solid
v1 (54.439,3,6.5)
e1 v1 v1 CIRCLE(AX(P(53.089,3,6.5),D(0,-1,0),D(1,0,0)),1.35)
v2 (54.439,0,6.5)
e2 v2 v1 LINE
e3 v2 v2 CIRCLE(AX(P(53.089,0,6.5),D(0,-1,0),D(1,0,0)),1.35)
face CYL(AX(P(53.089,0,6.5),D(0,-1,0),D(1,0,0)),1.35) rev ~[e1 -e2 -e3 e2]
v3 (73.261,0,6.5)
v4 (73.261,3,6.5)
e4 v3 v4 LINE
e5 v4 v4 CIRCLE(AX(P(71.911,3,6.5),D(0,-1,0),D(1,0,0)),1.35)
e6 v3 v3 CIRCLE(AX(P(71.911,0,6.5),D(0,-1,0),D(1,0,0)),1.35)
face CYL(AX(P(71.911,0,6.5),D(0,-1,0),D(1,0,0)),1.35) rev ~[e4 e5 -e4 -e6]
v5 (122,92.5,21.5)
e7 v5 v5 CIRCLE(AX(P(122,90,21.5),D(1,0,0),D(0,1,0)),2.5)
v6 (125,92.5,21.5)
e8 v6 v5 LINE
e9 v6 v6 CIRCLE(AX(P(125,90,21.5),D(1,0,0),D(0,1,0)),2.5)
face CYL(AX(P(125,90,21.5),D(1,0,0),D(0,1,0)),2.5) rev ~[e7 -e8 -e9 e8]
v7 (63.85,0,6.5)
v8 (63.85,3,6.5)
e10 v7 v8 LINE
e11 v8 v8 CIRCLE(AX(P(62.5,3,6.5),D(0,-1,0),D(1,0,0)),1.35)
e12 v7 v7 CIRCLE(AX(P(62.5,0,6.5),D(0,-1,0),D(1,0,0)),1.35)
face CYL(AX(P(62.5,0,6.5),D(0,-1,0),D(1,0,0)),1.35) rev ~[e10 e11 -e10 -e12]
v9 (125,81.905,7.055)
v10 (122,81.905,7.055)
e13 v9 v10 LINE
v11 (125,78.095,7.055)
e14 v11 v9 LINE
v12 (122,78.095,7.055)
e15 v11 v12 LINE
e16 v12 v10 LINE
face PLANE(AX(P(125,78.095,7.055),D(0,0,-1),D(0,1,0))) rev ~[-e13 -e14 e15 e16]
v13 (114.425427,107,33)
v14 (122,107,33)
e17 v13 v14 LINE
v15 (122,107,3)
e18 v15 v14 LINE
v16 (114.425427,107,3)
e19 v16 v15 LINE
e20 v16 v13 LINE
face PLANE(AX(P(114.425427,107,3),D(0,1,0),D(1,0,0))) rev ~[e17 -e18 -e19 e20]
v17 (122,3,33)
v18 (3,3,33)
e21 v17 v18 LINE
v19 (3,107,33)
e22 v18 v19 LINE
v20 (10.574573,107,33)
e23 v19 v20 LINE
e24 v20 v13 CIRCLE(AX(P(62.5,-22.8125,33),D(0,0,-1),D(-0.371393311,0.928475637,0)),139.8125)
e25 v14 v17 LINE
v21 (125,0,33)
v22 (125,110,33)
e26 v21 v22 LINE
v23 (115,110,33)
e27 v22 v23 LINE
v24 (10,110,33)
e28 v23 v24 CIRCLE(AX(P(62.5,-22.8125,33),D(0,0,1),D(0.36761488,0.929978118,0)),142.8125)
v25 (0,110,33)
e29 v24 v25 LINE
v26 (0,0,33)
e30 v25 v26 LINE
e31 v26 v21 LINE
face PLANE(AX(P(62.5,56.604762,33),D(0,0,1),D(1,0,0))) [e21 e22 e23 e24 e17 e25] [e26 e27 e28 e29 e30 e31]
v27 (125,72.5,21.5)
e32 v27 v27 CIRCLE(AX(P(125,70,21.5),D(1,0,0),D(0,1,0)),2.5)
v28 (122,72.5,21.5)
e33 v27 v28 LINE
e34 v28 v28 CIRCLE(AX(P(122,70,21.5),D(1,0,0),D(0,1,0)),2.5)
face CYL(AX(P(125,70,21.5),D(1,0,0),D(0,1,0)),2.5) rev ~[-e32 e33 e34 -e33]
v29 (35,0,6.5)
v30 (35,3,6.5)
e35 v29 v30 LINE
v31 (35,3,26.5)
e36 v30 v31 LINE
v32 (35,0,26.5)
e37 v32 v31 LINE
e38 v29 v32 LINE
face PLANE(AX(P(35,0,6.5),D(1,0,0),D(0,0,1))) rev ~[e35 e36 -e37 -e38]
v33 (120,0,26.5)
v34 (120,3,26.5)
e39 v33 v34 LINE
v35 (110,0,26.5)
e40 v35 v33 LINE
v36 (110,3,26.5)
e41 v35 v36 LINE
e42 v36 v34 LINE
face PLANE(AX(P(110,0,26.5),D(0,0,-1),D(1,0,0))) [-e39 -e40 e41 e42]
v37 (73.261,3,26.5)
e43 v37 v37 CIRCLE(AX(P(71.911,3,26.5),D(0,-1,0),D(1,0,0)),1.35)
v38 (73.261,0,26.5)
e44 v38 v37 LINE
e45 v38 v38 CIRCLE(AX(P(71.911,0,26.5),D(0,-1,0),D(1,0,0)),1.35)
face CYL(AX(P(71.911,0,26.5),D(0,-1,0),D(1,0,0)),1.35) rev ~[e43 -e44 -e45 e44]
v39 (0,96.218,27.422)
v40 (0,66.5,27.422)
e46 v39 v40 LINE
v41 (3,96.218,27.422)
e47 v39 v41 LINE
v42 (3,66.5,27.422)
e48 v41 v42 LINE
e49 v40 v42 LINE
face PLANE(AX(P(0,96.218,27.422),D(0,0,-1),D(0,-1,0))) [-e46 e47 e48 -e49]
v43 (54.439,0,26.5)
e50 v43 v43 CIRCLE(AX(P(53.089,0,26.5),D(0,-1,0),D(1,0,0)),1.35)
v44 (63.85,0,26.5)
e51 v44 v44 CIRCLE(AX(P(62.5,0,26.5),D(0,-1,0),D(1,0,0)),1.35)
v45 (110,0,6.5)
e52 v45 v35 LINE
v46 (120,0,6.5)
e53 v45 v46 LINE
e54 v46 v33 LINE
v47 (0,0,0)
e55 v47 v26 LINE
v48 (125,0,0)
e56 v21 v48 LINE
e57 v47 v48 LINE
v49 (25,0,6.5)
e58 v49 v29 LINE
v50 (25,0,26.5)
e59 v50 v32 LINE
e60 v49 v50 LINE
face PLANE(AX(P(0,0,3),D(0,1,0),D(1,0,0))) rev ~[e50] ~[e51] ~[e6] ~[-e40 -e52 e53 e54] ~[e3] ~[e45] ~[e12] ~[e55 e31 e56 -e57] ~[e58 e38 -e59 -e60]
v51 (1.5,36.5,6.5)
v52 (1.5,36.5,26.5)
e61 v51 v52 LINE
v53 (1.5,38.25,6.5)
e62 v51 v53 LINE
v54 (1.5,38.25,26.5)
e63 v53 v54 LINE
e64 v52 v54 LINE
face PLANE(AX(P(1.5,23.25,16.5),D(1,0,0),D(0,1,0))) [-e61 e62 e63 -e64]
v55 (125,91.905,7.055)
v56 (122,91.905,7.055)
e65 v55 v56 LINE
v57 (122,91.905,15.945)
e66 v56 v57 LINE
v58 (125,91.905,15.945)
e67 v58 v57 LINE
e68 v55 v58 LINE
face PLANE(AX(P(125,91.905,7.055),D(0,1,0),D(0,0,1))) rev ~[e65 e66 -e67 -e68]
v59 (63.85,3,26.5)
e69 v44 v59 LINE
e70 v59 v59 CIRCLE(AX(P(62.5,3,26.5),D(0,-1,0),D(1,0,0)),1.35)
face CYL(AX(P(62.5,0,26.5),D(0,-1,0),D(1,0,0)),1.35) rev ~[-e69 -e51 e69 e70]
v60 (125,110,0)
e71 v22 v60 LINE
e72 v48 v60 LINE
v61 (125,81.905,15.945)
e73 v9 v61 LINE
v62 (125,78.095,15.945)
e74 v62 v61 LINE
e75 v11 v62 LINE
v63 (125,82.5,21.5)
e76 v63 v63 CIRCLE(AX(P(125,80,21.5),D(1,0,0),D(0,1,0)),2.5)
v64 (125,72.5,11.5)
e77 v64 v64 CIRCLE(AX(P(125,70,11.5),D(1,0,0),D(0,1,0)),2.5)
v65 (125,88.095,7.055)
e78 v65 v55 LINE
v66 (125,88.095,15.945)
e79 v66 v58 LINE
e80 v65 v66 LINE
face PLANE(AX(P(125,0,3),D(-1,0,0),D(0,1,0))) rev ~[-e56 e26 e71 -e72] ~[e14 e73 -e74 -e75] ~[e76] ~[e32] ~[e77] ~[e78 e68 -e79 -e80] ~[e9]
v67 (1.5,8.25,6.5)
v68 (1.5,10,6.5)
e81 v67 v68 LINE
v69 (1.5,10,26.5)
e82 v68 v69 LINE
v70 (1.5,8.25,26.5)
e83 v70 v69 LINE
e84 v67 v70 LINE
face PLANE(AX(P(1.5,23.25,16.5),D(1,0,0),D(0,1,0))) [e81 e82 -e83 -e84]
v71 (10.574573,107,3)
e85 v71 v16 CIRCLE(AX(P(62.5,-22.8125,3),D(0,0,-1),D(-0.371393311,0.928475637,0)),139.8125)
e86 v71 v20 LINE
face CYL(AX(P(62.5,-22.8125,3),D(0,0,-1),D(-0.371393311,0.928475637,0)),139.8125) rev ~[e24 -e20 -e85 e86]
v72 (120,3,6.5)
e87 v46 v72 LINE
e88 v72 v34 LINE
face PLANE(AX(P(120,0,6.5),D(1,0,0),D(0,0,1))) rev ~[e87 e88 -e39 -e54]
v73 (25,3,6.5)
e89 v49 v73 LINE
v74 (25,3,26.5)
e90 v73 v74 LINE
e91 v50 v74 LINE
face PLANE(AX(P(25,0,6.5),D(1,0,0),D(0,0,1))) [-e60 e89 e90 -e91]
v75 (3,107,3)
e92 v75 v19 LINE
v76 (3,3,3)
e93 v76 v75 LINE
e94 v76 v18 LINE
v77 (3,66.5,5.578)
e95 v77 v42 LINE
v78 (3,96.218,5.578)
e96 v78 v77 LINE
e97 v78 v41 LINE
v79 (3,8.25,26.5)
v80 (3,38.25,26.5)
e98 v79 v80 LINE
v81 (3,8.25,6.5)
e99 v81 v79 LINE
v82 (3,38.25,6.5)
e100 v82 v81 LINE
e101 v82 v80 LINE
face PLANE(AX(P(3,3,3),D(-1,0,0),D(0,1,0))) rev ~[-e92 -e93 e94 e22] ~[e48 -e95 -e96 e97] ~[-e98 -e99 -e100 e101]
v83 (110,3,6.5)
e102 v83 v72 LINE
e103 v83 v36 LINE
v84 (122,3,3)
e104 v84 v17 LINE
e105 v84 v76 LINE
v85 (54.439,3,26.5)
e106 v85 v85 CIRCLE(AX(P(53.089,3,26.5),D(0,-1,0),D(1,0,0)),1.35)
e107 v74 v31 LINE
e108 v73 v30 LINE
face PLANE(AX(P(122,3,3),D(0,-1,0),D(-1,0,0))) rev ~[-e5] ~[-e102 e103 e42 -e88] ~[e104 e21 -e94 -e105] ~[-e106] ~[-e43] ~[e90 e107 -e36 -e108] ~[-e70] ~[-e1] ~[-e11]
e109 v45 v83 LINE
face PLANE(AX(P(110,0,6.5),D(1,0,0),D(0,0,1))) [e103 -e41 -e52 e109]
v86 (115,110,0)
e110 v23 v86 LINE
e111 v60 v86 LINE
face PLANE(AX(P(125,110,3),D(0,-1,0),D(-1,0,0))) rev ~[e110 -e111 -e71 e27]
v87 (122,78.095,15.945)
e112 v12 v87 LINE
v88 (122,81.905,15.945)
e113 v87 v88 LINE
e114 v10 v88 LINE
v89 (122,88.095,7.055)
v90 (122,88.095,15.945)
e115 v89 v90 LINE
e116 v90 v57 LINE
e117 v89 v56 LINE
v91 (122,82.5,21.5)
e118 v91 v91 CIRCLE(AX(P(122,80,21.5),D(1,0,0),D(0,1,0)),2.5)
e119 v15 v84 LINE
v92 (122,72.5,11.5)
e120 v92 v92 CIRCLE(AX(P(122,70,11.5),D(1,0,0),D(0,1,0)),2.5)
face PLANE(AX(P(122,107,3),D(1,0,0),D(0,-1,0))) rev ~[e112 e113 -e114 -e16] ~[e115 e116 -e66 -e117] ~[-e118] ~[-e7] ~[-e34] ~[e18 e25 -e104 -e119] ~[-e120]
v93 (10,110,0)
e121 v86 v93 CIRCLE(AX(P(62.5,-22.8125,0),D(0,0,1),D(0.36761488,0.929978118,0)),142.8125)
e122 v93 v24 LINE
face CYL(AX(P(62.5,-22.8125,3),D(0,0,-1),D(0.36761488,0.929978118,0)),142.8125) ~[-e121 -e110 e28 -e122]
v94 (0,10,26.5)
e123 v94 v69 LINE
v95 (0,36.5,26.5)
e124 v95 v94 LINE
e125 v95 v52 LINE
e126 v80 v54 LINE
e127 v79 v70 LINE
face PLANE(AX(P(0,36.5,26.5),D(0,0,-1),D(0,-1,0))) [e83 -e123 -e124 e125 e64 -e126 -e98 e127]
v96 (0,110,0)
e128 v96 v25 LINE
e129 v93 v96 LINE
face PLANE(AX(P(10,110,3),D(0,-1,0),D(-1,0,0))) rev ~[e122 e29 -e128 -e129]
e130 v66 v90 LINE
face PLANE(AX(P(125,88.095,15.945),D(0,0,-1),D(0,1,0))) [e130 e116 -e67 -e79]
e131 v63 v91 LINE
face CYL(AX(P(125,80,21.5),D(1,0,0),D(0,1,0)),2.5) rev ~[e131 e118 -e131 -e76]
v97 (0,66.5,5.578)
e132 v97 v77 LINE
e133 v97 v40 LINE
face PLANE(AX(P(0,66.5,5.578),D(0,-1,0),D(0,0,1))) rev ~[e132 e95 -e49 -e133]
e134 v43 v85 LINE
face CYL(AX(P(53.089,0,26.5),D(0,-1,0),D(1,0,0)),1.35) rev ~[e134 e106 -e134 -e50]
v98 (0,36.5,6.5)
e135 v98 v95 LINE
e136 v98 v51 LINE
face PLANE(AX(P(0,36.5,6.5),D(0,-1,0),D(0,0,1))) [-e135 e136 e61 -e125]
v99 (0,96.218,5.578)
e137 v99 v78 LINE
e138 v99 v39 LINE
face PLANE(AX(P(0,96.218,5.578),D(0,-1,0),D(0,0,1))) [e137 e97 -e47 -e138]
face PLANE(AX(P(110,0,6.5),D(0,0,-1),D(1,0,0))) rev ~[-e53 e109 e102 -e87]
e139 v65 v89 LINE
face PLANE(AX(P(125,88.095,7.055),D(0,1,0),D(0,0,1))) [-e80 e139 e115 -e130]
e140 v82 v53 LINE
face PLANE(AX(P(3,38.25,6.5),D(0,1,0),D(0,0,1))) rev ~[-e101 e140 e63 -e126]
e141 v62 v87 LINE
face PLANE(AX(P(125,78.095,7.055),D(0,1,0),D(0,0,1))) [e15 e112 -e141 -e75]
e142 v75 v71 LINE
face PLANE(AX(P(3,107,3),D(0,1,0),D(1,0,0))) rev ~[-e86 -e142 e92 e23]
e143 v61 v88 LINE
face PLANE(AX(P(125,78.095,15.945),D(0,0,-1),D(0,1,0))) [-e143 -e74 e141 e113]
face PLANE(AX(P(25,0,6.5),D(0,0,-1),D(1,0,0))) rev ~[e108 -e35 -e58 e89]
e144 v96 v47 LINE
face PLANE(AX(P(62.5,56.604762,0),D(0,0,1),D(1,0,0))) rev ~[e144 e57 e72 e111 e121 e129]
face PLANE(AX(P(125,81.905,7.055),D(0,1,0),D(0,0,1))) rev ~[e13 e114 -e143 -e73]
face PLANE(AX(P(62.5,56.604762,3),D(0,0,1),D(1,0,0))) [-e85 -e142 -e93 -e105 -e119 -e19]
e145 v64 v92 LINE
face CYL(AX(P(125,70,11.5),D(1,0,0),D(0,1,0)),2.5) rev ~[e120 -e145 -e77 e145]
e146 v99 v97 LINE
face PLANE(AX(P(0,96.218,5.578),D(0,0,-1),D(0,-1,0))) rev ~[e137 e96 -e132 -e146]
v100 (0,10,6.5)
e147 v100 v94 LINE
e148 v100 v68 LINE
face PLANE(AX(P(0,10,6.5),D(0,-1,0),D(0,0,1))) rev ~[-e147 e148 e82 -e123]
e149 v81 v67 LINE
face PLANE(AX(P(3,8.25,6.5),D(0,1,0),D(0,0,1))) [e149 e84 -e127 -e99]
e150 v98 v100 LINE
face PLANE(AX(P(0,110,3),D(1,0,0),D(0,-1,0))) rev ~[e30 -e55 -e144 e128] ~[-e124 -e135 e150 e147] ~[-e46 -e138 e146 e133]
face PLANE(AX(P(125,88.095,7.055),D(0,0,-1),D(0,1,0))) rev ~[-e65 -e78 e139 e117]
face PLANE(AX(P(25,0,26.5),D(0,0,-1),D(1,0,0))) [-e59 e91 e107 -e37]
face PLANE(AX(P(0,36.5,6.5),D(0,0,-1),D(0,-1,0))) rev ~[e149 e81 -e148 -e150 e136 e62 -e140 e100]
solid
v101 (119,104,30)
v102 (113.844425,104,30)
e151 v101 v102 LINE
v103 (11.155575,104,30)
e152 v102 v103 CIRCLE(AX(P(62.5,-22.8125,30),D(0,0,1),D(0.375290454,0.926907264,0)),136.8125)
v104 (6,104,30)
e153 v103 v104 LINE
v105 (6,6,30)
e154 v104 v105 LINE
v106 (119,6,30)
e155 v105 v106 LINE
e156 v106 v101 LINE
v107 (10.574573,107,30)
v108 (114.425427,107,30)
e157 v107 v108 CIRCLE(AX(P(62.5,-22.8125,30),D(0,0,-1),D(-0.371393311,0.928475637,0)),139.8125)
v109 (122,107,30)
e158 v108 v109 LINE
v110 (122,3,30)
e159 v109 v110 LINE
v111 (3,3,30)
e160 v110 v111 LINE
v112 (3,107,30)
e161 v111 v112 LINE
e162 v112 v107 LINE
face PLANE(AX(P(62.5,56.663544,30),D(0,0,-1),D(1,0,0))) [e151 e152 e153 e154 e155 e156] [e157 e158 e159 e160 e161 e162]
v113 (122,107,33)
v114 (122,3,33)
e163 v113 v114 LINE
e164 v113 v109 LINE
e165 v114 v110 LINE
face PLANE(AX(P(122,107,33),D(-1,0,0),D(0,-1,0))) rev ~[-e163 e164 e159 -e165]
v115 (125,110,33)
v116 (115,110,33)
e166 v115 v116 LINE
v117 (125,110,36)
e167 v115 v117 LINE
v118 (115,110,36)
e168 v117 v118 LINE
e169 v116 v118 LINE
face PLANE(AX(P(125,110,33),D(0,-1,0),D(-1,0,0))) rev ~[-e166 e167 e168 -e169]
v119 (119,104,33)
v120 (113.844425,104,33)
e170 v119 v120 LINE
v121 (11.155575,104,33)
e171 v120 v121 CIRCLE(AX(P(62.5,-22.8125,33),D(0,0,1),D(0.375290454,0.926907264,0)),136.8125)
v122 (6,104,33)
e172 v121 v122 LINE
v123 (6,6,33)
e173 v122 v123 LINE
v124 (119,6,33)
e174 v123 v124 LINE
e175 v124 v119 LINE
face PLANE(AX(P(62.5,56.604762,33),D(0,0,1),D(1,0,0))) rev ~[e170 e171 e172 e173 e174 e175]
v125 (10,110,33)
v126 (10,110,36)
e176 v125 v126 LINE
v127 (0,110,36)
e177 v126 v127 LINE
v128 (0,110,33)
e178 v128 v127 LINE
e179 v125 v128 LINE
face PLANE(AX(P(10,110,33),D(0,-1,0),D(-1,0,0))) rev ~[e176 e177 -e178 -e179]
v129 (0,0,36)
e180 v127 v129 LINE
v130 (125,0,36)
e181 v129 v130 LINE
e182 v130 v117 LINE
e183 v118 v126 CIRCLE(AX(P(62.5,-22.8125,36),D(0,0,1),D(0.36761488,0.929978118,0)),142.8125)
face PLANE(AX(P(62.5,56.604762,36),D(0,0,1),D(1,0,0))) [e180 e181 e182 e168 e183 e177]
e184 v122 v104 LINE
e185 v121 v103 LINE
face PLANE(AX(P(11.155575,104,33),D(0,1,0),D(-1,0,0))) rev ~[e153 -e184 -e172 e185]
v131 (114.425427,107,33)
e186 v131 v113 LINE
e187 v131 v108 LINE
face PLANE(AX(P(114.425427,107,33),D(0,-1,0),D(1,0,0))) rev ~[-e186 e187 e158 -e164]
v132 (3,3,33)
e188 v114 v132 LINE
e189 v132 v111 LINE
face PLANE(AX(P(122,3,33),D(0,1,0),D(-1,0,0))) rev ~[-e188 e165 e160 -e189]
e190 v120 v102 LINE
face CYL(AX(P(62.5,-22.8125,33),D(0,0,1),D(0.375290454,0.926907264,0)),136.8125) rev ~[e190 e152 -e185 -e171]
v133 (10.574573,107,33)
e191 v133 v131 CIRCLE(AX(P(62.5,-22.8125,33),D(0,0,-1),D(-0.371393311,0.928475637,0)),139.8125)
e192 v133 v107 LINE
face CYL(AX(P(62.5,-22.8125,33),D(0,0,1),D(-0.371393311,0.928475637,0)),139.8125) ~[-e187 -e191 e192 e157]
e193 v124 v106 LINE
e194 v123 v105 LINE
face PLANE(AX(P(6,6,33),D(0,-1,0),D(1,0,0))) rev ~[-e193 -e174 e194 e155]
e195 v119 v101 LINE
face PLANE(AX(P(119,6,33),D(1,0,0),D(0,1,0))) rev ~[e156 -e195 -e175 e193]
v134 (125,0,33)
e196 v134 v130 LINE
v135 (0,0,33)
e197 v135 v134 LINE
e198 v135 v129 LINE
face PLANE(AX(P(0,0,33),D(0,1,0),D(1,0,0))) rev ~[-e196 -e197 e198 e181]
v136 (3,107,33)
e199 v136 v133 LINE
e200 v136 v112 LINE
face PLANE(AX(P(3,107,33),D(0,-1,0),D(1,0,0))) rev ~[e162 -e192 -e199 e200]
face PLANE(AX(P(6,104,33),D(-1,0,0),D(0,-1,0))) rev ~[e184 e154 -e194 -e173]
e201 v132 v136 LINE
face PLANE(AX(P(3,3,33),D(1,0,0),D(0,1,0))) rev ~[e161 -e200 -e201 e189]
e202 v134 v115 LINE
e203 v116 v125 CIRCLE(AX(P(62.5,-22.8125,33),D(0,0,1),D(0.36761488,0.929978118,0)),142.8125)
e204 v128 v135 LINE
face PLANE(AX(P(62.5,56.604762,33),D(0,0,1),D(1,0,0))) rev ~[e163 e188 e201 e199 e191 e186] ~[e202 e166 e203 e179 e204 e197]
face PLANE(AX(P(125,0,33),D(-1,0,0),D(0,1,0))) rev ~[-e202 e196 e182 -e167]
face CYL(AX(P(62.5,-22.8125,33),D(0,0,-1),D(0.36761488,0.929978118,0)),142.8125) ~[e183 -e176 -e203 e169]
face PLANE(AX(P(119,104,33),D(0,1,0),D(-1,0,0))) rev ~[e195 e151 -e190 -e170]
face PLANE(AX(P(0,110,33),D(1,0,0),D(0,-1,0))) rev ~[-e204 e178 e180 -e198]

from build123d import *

# Parameters (mm, degrees)
F1_DEPTH  = 3
F3_DEPTH  = 30
F4_W      = 26.5
F4_H      = 20
F5_DEPTH  = 3
F6_W      = 30
F6_H      = 20
F7_DEPTH  = 1.5
F8_W      = 29.718
F8_H      = 21.844
F9_DEPTH  = 3
F10_W     = 10
F10_H     = 20
F11_DEPTH = 3
F12_R     = 2.5
F12_W     = 3.81
F12_H     = 8.89
F13_DEPTH = 3
F15_DEPTH = 3
F17_DEPTH = 3
F18_R     = 1.35
F19_DEPTH = 3


with BuildPart() as f1:
    # F0 (on Top) → F1 (new body)
    with BuildSketch(Plane.XY):
        with BuildLine():
            Line((0, 110), (0, 0))
            Line((0, 0), (125, 0))
            Line((125, 0), (125, 110))
            Line((125, 110), (115, 110))
            ThreePointArc((115, 110), (62.5, 120), (10, 110))
            Line((10, 110), (0, 110))
        make_face()
    extrude(amount=F1_DEPTH)

    # F2 (on face) → F3 (join)
    with BuildSketch(Plane.XY.offset(3)):
        with BuildLine():
            ThreePointArc((115, 110), (62.5, 120), (10, 110))
            Line((10, 110), (0, 110))
            Line((0, 110), (0, 0))
            Line((0, 0), (125, 0))
            Line((125, 0), (125, 110))
            Line((125, 110), (115, 110))
        make_face()
        with BuildLine():
            Line((122, 107), (122, 3))
            Line((122, 3), (3, 3))
            Line((3, 3), (3, 107))
            Line((3, 107), (10.5745727028, 107))
            ThreePointArc((10.5745727028, 107), (62.5, 117), (114.4254272972, 107))
            Line((114.4254272972, 107), (122, 107))
        make_face(mode=Mode.SUBTRACT)
    extrude(amount=F3_DEPTH)

    # F4 (on face) → F5 (cut, through all)
    with BuildSketch(Plane(origin=(0, 0, 0), x_dir=(0, -1, 0), z_dir=(-1, 0, 0))):
        with Locations((-23.25, 16.5)):
            Rectangle(F4_W, F4_H)
    extrude(amount=-F5_DEPTH, mode=Mode.SUBTRACT)

    # F6 (on face) → F7 (cut)
    with BuildSketch(Plane.YZ.offset(3)):
        with Locations((23.25, 16.5)):
            Rectangle(F6_W, F6_H)
    extrude(amount=-F7_DEPTH, mode=Mode.SUBTRACT)

    # F8 (on face) → F9 (cut, through all)
    with BuildSketch(Plane(origin=(0, 0, 0), x_dir=(0, -1, 0), z_dir=(-1, 0, 0))):
        with Locations((-81.359, 16.5)):
            Rectangle(F8_W, F8_H)
    extrude(amount=-F9_DEPTH, mode=Mode.SUBTRACT)

    # F10 (on face) → F11 (cut, through all)
    with BuildSketch(Plane.XZ):
        with Locations((30, 16.5)):
            Rectangle(F10_W, F10_H)
        with Locations((115, 16.5)):
            Rectangle(F10_W, F10_H)
    extrude(amount=-F11_DEPTH, mode=Mode.SUBTRACT)

    # F12 (on face) → F13 (cut, through all)
    with BuildSketch(Plane.YZ.offset(125)):
        with Locations((90, 21.5)):
            Circle(F12_R)
        with Locations((80, 21.5)):
            Circle(F12_R)
        with Locations((70, 21.5)):
            Circle(F12_R)
        with Locations((70, 11.5)):
            Circle(F12_R)
        with Locations((80, 11.5)):
            Rectangle(F12_W, F12_H)
        with Locations((90, 11.5)):
            Rectangle(F12_W, F12_H)
    extrude(amount=-F13_DEPTH, mode=Mode.SUBTRACT)

    # F18 (on face) → F19 (cut, through all)
    with BuildSketch(Plane.XZ):
        with Locations((53.089, 6.5)):
            Circle(F18_R)
        with Locations((53.089, 26.5)):
            Circle(F18_R)
        with Locations((62.5, 6.5)):
            Circle(F18_R)
        with Locations((62.5, 26.5)):
            Circle(F18_R)
        with Locations((71.911, 6.5)):
            Circle(F18_R)
        with Locations((71.911, 26.5)):
            Circle(F18_R)
    extrude(amount=-F19_DEPTH, mode=Mode.SUBTRACT)


with BuildPart() as f15:
    # F14 (on face) → F15 (new body)
    with BuildSketch(Plane.XY.offset(33)):
        with BuildLine():
            Line((0, 110), (0, 0))
            Line((0, 0), (125, 0))
            Line((125, 0), (125, 110))
            Line((125, 110), (115, 110))
            ThreePointArc((115, 110), (62.5, 120), (10, 110))
            Line((10, 110), (0, 110))
        make_face()
    extrude(amount=F15_DEPTH)

    # F16 (on face) → F17 (join)
    with BuildSketch(Plane(origin=(0, 0, 33), x_dir=(1, 0, 0), z_dir=(0, 0, -1))):
        with BuildLine():
            Line((3, -3), (3, -107))
            Line((3, -107), (10.5745727028, -107))
            ThreePointArc((10.5745727028, -107), (62.5, -117), (114.4254272972, -107))
            Line((114.4254272972, -107), (122, -107))
            Line((122, -107), (122, -3))
            Line((122, -3), (3, -3))
        make_face()
        with BuildLine():
            Line((119, -6), (119, -104))
            Line((119, -104), (113.8444252086, -104))
            ThreePointArc((113.8444252086, -104), (62.5, -114), (11.1555747914, -104))
            Line((11.1555747914, -104), (6, -104))
            Line((6, -104), (6, -6))
            Line((6, -6), (119, -6))
        make_face(mode=Mode.SUBTRACT)
    extrude(amount=F17_DEPTH)


solid = Compound([f1.part, f15.part])
